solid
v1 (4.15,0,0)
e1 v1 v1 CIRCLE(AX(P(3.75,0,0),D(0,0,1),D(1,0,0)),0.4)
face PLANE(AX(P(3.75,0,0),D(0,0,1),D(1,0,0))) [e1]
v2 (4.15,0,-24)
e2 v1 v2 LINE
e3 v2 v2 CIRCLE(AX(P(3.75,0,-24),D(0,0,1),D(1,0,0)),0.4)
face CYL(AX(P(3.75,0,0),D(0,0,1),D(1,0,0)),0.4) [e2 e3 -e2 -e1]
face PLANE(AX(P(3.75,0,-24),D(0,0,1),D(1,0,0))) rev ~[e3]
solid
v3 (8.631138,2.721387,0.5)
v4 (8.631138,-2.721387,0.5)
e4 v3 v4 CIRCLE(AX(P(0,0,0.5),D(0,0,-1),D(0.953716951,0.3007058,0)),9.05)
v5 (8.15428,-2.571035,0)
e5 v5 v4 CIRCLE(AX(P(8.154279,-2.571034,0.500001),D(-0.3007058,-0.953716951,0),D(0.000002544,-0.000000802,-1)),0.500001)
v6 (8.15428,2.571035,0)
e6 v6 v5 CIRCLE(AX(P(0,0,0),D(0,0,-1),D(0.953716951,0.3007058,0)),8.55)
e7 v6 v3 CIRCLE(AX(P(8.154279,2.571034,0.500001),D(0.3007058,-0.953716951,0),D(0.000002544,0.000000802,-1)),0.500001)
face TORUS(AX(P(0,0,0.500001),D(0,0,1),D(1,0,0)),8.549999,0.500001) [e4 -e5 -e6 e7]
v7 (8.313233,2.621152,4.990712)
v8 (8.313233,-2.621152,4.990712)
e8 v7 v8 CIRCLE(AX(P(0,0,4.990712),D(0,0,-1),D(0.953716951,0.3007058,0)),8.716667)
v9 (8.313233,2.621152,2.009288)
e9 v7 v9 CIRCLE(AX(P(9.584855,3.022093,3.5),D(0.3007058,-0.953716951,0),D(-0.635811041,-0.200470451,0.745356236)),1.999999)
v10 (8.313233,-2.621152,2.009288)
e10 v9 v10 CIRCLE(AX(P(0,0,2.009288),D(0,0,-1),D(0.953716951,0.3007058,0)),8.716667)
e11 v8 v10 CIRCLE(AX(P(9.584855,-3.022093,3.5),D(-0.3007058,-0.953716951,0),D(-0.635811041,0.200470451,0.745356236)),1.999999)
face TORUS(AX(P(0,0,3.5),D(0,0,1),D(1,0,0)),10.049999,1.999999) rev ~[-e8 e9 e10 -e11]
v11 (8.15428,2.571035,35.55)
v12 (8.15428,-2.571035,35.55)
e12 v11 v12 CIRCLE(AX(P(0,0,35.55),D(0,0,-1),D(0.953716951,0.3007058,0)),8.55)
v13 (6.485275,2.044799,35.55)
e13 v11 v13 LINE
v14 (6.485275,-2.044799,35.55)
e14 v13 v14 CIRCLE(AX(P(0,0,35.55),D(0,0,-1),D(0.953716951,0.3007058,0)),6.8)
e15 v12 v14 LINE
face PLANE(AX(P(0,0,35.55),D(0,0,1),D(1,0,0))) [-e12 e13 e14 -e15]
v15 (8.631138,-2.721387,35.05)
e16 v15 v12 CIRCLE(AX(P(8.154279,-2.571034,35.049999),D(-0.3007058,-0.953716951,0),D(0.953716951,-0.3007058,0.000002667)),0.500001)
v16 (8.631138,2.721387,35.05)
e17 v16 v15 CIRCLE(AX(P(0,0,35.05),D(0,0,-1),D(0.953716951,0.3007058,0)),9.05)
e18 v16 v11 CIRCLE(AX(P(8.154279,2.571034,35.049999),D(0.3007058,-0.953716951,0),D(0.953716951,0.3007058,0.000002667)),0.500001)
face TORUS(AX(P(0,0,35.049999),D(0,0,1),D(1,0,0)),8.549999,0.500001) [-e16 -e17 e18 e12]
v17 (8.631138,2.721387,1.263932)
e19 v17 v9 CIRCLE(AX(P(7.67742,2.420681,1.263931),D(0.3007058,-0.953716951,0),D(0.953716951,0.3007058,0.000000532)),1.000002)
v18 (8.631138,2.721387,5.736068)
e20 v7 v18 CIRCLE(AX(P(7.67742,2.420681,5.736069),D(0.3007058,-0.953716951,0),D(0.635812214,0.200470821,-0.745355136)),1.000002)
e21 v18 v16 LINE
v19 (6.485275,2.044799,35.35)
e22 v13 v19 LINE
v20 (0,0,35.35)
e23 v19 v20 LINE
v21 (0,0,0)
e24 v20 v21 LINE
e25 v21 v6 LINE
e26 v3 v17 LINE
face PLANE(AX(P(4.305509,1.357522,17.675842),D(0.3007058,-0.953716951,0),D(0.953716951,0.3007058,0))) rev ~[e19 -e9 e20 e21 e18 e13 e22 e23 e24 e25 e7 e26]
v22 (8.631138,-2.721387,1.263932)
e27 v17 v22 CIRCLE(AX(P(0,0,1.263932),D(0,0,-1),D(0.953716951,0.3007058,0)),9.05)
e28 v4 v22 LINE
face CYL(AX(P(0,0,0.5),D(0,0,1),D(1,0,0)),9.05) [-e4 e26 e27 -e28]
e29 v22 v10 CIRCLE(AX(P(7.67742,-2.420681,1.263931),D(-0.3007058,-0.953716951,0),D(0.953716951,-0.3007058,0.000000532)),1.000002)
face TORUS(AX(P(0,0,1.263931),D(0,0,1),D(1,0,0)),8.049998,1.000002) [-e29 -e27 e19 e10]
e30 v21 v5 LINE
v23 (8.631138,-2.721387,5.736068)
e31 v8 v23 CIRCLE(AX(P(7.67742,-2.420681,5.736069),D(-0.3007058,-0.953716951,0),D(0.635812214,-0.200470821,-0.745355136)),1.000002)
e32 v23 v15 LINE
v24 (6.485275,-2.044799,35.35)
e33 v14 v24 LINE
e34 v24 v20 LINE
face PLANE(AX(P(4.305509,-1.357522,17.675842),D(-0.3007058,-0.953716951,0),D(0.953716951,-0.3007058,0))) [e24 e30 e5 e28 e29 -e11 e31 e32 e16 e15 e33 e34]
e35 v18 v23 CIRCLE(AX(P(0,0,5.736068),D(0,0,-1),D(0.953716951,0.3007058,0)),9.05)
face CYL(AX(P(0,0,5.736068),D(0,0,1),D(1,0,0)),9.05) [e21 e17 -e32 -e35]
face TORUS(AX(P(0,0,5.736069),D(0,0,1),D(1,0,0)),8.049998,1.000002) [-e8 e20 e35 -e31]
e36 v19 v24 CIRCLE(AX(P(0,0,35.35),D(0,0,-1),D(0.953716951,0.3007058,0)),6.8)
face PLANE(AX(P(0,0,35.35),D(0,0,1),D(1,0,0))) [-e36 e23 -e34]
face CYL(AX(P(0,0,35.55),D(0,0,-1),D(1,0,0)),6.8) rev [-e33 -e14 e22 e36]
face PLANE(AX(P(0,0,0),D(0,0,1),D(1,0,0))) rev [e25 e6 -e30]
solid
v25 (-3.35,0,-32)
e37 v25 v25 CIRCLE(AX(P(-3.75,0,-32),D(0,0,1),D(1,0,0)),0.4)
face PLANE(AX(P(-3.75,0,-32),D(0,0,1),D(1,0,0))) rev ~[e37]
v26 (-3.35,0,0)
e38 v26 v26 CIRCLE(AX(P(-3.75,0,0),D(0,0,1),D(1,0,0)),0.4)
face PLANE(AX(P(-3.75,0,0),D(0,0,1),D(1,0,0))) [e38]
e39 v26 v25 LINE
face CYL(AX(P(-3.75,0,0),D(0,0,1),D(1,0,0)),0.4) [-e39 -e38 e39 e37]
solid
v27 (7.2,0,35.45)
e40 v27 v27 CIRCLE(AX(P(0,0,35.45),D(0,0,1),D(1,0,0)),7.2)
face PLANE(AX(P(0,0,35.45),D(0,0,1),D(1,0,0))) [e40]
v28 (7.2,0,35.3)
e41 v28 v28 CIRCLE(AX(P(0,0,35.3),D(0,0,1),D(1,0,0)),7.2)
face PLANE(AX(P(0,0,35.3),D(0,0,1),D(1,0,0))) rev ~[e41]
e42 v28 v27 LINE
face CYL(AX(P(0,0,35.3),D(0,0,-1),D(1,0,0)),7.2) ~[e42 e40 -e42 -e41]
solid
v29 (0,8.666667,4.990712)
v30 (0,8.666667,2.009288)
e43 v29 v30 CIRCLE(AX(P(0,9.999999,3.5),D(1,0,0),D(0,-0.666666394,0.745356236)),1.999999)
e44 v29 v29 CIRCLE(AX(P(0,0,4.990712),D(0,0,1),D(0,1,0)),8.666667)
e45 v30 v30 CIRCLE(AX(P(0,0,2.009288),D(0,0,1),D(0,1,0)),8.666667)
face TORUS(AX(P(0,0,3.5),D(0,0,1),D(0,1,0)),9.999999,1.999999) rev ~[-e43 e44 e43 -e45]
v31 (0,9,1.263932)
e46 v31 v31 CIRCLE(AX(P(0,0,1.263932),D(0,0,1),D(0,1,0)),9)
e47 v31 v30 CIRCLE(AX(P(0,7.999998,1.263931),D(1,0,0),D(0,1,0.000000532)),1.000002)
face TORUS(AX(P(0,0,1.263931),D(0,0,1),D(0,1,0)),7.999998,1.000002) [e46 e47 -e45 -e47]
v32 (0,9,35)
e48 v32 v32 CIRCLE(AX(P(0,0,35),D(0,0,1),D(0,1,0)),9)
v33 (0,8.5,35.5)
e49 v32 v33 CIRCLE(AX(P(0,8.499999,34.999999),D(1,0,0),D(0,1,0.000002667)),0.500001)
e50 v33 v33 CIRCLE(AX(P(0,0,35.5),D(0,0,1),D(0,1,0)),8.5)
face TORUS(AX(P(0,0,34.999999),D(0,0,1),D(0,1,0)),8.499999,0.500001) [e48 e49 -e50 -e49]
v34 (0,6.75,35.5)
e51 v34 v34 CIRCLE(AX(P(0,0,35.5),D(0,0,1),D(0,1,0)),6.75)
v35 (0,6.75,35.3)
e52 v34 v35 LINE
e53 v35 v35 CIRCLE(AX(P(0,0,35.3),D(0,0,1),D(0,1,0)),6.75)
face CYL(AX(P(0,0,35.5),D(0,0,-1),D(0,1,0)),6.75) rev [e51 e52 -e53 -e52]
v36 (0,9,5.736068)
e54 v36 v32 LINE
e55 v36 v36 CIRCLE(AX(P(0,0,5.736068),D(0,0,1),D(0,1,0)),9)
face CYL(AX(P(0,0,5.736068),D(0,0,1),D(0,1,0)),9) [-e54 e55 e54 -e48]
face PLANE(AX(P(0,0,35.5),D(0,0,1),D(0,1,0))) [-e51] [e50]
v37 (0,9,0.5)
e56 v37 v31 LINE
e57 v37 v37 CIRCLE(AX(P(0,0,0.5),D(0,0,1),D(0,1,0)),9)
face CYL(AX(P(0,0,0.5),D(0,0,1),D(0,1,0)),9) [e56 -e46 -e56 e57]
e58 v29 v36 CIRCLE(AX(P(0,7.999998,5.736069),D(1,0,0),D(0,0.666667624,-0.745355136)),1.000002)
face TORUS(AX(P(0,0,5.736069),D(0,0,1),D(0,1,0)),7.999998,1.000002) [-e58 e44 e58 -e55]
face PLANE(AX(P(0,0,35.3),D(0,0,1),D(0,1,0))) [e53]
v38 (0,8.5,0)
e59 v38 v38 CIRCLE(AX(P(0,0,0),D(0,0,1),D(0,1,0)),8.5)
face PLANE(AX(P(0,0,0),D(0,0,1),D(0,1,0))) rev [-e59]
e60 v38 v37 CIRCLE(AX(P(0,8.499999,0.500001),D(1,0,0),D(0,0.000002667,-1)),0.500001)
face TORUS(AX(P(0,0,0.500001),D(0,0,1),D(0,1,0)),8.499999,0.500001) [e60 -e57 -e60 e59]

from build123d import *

# Parameters (mm, degrees)
SKETCH002_R         = 0.4
PAD_DEPTH           = 32
SKETCH003_R         = 0.4
PAD001_DEPTH        = 24
REVOLUTION001_ANGLE = -35
SKETCH005_R         = 7.2
PAD002_DEPTH        = 0.15


with BuildPart() as body:
    # Sketch → Revolution (revolve)
    with BuildSketch(Plane.YZ):
        with BuildLine():
            Line((0, 0), (8.5, 0))
            ThreePointArc((8.5, 0), (8.853553, 0.146447), (9, 0.5))
            Line((9, 0.5), (9, 1.263932))
            ThreePointArc((9, 1.263932), (8.912871, 1.67218), (8.666667, 2.009288))
            ThreePointArc((8.666667, 4.990712), (8, 3.5), (8.666667, 2.009288))
            ThreePointArc((8.666667, 4.990712), (8.912871, 5.32782), (9, 5.736068))
            Line((9, 5.736068), (9, 35))
            ThreePointArc((9, 35), (8.853553, 35.353553), (8.5, 35.5))
            Line((8.5, 35.5), (6.75, 35.5))
            Line((6.75, 35.5), (6.75, 35.3))
            Line((6.75, 35.3), (0, 35.3))
            Line((0, 35.3), (0, 0))
        make_face()
    revolve(axis=Axis((0, 0, 0), (0, 0, 1)))


with BuildPart() as pin_anode:
    # Sketch002 → Pad (new body)
    with BuildSketch(Plane.XY):
        with Locations((-3.75, 0)):
            Circle(SKETCH002_R)
    extrude(amount=-PAD_DEPTH)


with BuildPart() as pin_kathode:
    # Sketch003 → Pad001 (new body)
    with BuildSketch(Plane.XY):
        with Locations((3.75, 0)):
            Circle(SKETCH003_R)
    extrude(amount=-PAD001_DEPTH)


with BuildPart() as body003:
    # Sketch004 → Revolution001 (revolve, symmetric)
    with BuildSketch(Plane.XZ) as revolution001_sk:
        with BuildLine():
            Line((0, 0), (8.55, 0))
            ThreePointArc((8.55, 0), (8.903553, 0.146447), (9.05, 0.5))
            Line((9.05, 0.5), (9.05, 1.263932))
            ThreePointArc((9.05, 1.263932), (8.962871, 1.67218), (8.716667, 2.009288))
            ThreePointArc((8.716667, 4.990712), (8.05, 3.5), (8.716667, 2.009288))
            ThreePointArc((8.716667, 4.990712), (8.962871, 5.32782), (9.05, 5.736068))
            Line((9.05, 5.736068), (9.05, 35.05))
            ThreePointArc((9.05, 35.05), (8.903553, 35.403553), (8.55, 35.55))
            Line((8.55, 35.55), (6.8, 35.55))
            Line((6.8, 35.55), (6.8, 35.35))
            Line((6.8, 35.35), (0, 35.35))
            Line((0, 35.35), (0, 0))
        make_face()
    revolve(axis=Axis((0, 0, 0), (0, 0, 1)), revolution_arc=REVOLUTION001_ANGLE / 2)
    revolve(revolution001_sk.sketch, axis=Axis((0, 0, 0), (0, 0, -1)), revolution_arc=REVOLUTION001_ANGLE / 2)


with BuildPart() as body004:
    # Sketch005 (on DatumPlane) → Pad002 (new body)
    with BuildSketch(Plane.XY.offset(35.3)):
        Circle(SKETCH005_R)
    extrude(amount=PAD002_DEPTH)


solid = Compound([body.part, pin_anode.part, pin_kathode.part, body003.part, body004.part])
